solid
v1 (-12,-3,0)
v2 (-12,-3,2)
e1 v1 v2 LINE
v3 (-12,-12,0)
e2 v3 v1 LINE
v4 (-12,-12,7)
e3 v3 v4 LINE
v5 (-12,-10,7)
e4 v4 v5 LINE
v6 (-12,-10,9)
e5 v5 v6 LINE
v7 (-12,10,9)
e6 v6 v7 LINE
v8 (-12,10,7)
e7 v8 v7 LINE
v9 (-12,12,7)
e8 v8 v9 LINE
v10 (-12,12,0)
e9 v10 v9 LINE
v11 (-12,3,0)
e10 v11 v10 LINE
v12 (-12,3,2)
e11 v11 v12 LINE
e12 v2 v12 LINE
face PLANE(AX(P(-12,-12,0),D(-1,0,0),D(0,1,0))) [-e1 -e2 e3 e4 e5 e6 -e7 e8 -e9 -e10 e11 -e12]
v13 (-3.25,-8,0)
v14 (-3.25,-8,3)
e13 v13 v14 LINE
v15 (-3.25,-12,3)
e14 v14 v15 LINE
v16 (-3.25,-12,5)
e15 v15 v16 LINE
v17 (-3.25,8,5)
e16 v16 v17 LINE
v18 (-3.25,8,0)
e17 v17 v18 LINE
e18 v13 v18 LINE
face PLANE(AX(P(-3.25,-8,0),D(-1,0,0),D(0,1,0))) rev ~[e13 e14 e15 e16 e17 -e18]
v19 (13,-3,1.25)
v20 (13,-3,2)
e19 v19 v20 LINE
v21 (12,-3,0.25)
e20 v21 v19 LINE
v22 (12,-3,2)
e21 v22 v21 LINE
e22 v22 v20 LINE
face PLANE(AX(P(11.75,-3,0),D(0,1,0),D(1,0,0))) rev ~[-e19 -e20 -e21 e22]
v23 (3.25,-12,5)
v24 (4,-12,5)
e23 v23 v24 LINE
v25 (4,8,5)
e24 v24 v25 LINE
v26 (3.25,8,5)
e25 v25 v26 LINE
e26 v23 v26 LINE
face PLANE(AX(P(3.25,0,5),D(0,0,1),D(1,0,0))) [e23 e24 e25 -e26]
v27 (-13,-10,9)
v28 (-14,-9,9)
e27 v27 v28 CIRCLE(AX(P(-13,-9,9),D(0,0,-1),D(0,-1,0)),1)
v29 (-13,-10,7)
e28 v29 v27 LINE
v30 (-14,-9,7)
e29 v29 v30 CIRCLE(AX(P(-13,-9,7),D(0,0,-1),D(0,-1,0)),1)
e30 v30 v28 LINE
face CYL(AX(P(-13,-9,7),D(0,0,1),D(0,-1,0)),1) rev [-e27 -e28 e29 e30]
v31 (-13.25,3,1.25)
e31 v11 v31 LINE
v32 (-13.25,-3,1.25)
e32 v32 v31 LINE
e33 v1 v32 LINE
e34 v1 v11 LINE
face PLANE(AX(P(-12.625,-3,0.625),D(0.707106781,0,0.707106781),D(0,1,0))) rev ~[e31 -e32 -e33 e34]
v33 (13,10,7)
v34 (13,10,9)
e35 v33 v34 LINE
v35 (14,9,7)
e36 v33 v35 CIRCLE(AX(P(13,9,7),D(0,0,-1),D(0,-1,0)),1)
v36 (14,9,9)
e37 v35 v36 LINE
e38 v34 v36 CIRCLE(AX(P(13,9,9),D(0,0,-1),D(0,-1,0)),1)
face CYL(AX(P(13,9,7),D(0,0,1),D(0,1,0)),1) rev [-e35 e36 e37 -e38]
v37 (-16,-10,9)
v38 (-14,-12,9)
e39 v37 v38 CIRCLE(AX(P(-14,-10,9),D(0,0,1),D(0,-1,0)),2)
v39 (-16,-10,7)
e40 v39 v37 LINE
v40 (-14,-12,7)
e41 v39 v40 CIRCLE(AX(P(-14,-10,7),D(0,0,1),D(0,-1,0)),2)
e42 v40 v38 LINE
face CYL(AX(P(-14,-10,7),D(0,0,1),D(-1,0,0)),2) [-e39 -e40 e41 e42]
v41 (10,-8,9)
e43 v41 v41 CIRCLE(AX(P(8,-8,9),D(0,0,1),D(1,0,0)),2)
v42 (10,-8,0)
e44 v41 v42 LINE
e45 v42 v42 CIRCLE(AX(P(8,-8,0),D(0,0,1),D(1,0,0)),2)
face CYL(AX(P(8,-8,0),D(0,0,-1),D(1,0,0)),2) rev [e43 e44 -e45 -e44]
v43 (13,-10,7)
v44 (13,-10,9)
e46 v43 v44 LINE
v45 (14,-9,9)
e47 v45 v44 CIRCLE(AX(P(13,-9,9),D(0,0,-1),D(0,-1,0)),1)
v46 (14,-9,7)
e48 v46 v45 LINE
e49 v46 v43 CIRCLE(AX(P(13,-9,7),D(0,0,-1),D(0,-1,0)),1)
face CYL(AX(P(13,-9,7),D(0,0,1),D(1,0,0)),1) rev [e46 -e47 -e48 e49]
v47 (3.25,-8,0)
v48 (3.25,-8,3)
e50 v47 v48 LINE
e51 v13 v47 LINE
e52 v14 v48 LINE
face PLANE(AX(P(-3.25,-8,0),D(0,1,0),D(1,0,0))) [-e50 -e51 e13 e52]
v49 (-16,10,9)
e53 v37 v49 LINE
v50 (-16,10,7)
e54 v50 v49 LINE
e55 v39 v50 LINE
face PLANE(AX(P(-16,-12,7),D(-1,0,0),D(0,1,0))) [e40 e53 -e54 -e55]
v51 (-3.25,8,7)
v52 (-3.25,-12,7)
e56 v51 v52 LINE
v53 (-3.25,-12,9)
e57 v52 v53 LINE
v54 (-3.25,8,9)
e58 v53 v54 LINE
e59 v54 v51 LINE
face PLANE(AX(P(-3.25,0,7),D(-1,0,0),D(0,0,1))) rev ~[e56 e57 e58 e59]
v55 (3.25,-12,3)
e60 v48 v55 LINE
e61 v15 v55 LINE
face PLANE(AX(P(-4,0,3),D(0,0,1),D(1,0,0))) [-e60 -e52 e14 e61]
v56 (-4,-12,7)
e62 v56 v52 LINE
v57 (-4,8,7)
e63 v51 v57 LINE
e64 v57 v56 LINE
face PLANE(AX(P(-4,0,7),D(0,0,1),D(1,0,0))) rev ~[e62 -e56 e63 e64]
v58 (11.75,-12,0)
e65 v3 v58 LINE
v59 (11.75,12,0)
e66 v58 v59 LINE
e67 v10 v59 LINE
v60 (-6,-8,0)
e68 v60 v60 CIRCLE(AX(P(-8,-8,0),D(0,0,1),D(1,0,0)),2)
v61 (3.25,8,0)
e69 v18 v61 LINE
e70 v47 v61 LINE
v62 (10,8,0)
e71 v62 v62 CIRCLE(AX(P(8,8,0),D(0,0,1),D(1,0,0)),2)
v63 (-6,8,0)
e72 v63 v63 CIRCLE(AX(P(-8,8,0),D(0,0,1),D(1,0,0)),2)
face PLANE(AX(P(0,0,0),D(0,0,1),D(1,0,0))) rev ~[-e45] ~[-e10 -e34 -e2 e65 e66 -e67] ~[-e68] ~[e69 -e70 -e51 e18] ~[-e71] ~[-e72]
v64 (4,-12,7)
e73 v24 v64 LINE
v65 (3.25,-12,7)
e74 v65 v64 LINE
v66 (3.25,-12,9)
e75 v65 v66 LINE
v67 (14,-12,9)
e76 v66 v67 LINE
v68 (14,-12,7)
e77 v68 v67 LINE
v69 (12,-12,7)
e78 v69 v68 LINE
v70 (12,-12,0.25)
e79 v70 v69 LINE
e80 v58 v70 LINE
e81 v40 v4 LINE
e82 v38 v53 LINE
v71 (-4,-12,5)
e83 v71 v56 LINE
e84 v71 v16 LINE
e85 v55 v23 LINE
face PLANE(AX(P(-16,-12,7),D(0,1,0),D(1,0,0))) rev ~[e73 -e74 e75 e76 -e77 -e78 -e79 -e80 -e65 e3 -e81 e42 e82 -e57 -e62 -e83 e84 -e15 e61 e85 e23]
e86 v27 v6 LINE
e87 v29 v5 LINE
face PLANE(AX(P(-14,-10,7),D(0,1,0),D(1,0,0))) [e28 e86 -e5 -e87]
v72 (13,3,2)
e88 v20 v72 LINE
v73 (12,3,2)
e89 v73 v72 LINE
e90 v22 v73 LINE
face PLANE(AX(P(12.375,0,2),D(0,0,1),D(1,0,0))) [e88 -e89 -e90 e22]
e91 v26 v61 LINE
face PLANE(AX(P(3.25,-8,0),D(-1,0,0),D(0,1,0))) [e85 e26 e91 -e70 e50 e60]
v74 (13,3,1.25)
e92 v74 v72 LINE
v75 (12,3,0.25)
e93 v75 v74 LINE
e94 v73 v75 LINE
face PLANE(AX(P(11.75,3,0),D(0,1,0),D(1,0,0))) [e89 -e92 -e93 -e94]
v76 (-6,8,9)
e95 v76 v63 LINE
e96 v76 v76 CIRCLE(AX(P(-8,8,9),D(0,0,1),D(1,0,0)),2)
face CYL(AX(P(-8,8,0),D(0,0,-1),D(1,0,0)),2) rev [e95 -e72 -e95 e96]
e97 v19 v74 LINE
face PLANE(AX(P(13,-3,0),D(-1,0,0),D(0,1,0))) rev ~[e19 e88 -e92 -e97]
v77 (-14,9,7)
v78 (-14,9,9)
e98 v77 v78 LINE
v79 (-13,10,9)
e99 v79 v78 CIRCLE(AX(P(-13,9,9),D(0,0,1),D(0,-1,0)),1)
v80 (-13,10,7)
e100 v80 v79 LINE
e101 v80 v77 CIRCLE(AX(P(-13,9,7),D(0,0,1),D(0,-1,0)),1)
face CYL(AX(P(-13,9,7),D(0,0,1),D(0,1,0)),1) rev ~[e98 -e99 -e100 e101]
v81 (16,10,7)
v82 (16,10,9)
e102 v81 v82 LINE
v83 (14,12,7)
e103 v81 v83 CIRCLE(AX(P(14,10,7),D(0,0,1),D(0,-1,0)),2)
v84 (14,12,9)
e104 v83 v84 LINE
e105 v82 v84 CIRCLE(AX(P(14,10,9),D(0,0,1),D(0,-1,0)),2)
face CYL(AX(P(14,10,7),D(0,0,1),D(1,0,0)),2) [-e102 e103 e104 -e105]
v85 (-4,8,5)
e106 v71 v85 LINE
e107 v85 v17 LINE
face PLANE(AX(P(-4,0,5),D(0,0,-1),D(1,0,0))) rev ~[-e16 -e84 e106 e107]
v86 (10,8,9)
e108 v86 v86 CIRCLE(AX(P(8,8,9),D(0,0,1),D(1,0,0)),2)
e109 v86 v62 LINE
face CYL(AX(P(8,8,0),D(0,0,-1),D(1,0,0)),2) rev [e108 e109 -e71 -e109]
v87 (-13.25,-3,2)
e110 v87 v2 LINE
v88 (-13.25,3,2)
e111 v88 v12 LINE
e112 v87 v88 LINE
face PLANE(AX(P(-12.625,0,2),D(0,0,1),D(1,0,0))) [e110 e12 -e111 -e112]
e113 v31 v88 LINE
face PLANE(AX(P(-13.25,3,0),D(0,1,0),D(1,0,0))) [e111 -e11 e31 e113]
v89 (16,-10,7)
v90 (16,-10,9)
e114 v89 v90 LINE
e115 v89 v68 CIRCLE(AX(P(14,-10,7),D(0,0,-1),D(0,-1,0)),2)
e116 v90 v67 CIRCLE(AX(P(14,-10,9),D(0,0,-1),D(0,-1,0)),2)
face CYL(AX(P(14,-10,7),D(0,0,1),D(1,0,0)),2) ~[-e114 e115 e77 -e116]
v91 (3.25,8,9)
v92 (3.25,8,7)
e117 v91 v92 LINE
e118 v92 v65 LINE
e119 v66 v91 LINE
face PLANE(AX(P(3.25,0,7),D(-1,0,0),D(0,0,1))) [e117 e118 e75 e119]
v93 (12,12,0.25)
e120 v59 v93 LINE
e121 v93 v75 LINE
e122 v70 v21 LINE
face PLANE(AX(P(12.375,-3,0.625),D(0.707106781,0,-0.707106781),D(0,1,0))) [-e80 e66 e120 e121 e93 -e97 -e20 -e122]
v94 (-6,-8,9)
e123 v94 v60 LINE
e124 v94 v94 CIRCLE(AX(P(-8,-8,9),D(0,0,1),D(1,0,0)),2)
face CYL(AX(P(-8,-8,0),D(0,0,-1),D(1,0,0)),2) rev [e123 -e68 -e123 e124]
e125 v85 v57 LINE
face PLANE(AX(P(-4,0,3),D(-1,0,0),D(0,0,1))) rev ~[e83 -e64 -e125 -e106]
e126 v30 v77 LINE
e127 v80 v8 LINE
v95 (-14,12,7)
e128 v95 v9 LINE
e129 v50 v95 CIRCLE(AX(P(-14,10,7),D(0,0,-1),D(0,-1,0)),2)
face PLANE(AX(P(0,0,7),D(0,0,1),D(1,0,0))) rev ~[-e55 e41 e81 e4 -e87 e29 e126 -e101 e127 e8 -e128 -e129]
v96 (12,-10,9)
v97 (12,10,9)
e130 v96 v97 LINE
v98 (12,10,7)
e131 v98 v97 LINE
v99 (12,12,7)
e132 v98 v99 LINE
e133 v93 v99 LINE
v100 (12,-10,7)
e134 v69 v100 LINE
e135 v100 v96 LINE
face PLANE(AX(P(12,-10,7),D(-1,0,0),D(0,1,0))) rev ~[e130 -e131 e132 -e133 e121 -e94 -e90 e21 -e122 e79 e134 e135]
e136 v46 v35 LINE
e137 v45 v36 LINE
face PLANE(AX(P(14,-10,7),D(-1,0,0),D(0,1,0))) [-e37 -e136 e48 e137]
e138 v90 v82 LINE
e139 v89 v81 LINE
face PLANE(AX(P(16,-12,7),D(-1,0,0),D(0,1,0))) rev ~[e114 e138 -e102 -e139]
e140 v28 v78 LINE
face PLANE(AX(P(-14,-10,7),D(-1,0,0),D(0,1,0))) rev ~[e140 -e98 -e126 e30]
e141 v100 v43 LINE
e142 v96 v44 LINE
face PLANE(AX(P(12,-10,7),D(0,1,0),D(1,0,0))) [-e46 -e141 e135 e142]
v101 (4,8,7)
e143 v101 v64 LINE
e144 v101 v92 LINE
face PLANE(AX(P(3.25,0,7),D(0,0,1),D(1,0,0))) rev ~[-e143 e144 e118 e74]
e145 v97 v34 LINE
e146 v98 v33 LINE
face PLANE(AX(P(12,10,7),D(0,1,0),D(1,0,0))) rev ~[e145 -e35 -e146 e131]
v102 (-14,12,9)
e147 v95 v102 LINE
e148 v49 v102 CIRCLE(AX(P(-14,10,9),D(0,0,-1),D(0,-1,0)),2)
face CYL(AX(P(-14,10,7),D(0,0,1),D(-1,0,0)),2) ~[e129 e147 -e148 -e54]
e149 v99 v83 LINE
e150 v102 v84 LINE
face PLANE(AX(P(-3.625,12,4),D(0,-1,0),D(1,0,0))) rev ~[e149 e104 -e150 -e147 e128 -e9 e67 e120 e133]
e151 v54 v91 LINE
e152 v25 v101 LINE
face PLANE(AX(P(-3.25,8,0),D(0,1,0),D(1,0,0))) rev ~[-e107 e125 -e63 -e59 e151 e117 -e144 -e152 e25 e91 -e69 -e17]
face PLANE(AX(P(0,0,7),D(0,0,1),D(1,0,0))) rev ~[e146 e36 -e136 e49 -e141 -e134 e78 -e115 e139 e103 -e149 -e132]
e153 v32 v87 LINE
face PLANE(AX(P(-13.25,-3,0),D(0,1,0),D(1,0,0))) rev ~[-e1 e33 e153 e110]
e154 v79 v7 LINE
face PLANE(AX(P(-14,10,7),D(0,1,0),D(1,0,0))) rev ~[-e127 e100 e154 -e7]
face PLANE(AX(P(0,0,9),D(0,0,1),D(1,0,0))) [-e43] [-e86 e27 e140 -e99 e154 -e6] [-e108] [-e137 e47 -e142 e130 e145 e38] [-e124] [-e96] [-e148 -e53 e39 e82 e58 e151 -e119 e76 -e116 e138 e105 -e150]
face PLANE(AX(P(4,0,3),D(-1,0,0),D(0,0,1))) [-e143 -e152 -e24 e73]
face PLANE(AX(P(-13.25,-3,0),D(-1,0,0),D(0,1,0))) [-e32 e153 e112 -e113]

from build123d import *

# Parameters (mm, degrees)
F0_W      = 24
F0_H      = 24
F0_R      = 2
F1_DEPTH  = 9
F3_START  = 7
F2_W      = 32
F2_H      = 24
F2_R      = 2
F2_W_2    = 2
F2_H_2    = 20
F3_DEPTH  = 2
F4_W      = 8
F4_H      = 6
F5_DEPTH  = 12
F6_DEPTH  = 8
F7_W      = 0.75
F7_H      = 2
F8_DEPTH  = 12
F9_W      = 1.25
F9_H      = 6
F10_DEPTH = 2
F11_SIZE  = 1.25
F12_W     = 6.5
F12_H     = 16
F13_DEPTH = 3
F14_R     = 2
F15_R     = 1


with BuildPart() as f1:
    # F0 (on Top) → F1 (new body)
    with BuildSketch(Plane.XY):
        Rectangle(F0_W, F0_H)
        with Locations((-8, -8)):
            Circle(F0_R, mode=Mode.SUBTRACT)
        with Locations((8, -8)):
            Circle(F0_R, mode=Mode.SUBTRACT)
        with Locations((-8, 8)):
            Circle(F0_R, mode=Mode.SUBTRACT)
        with Locations((8, 8)):
            Circle(F0_R, mode=Mode.SUBTRACT)
    extrude(amount=F1_DEPTH)

    # F2 (on Top) → F3 (join)
    with BuildSketch(Plane.XY.offset(F3_START)):
        Rectangle(F2_W, F2_H)
        with Locations((-8, -8)):
            Circle(F2_R, mode=Mode.SUBTRACT)
        with Locations((8, -8)):
            Circle(F2_R, mode=Mode.SUBTRACT)
        with Locations((-13, 0)):
            Rectangle(F2_W_2, F2_H_2, mode=Mode.SUBTRACT)
        with Locations((-8, 8)):
            Circle(F2_R, mode=Mode.SUBTRACT)
        with Locations((13, 0)):
            Rectangle(F2_W_2, F2_H_2, mode=Mode.SUBTRACT)
        with Locations((8, 8)):
            Circle(F2_R, mode=Mode.SUBTRACT)
    extrude(amount=F3_DEPTH)

    # F4 (on Front) → F5 (cut)
    with BuildSketch(Plane.XZ):
        with Locations((0, 6)):
            Rectangle(F4_W, F4_H)
    extrude(amount=F5_DEPTH, mode=Mode.SUBTRACT)

    # F4 (on Front) → F6 (cut)
    with BuildSketch(Plane.XZ):
        with Locations((0, 6)):
            Rectangle(F4_W, F4_H)
    extrude(amount=-F6_DEPTH, mode=Mode.SUBTRACT)

    # F7 (on Front) → F8 (join, symmetric)
    with BuildSketch(Plane.XZ):
        with Locations((-3.625, 8)):
            Rectangle(F7_W, F7_H)
        with Locations((3.625, 8)):
            Rectangle(F7_W, F7_H)
        with Locations((3.625, 4)):
            Rectangle(F7_W, F7_H)
        with Locations((-3.625, 4)):
            Rectangle(F7_W, F7_H)
    extrude(amount=F8_DEPTH, both=True)

    # F9 (on Top) → F10 (join)
    with BuildSketch(Plane.XY):
        with Locations((-12.625, 0)):
            Rectangle(F9_W, F9_H)
        with Locations((12.375, 0)):
            Rectangle(F9_W, F9_H)
    extrude(amount=F10_DEPTH)

    # F11
    f11_edges = [f1.edges().sort_by_distance(p)[0] for p in [
        (13, 0, 0),
        (-13.25, 0, 0),
    ]]
    chamfer(f11_edges, length=F11_SIZE)

    # F12 (on Top) → F13 (cut)
    with BuildSketch(Plane.XY):
        Rectangle(F12_W, F12_H)
    extrude(amount=F13_DEPTH, mode=Mode.SUBTRACT)

    # F14
    f14_edges = [f1.edges().sort_by_distance(p)[0] for p in [
        (16, -12, 8),
        (16, 12, 8),
        (-16, -12, 8),
        (-16, 12, 8),
    ]]
    fillet(f14_edges, radius=F14_R)

    # F15
    f15_edges = [f1.edges().sort_by_distance(p)[0] for p in [
        (-14, 10, 8),
        (-14, -10, 8),
        (14, 10, 8),
        (14, -10, 8),
    ]]
    fillet(f15_edges, radius=F15_R)


solid = f1.part
